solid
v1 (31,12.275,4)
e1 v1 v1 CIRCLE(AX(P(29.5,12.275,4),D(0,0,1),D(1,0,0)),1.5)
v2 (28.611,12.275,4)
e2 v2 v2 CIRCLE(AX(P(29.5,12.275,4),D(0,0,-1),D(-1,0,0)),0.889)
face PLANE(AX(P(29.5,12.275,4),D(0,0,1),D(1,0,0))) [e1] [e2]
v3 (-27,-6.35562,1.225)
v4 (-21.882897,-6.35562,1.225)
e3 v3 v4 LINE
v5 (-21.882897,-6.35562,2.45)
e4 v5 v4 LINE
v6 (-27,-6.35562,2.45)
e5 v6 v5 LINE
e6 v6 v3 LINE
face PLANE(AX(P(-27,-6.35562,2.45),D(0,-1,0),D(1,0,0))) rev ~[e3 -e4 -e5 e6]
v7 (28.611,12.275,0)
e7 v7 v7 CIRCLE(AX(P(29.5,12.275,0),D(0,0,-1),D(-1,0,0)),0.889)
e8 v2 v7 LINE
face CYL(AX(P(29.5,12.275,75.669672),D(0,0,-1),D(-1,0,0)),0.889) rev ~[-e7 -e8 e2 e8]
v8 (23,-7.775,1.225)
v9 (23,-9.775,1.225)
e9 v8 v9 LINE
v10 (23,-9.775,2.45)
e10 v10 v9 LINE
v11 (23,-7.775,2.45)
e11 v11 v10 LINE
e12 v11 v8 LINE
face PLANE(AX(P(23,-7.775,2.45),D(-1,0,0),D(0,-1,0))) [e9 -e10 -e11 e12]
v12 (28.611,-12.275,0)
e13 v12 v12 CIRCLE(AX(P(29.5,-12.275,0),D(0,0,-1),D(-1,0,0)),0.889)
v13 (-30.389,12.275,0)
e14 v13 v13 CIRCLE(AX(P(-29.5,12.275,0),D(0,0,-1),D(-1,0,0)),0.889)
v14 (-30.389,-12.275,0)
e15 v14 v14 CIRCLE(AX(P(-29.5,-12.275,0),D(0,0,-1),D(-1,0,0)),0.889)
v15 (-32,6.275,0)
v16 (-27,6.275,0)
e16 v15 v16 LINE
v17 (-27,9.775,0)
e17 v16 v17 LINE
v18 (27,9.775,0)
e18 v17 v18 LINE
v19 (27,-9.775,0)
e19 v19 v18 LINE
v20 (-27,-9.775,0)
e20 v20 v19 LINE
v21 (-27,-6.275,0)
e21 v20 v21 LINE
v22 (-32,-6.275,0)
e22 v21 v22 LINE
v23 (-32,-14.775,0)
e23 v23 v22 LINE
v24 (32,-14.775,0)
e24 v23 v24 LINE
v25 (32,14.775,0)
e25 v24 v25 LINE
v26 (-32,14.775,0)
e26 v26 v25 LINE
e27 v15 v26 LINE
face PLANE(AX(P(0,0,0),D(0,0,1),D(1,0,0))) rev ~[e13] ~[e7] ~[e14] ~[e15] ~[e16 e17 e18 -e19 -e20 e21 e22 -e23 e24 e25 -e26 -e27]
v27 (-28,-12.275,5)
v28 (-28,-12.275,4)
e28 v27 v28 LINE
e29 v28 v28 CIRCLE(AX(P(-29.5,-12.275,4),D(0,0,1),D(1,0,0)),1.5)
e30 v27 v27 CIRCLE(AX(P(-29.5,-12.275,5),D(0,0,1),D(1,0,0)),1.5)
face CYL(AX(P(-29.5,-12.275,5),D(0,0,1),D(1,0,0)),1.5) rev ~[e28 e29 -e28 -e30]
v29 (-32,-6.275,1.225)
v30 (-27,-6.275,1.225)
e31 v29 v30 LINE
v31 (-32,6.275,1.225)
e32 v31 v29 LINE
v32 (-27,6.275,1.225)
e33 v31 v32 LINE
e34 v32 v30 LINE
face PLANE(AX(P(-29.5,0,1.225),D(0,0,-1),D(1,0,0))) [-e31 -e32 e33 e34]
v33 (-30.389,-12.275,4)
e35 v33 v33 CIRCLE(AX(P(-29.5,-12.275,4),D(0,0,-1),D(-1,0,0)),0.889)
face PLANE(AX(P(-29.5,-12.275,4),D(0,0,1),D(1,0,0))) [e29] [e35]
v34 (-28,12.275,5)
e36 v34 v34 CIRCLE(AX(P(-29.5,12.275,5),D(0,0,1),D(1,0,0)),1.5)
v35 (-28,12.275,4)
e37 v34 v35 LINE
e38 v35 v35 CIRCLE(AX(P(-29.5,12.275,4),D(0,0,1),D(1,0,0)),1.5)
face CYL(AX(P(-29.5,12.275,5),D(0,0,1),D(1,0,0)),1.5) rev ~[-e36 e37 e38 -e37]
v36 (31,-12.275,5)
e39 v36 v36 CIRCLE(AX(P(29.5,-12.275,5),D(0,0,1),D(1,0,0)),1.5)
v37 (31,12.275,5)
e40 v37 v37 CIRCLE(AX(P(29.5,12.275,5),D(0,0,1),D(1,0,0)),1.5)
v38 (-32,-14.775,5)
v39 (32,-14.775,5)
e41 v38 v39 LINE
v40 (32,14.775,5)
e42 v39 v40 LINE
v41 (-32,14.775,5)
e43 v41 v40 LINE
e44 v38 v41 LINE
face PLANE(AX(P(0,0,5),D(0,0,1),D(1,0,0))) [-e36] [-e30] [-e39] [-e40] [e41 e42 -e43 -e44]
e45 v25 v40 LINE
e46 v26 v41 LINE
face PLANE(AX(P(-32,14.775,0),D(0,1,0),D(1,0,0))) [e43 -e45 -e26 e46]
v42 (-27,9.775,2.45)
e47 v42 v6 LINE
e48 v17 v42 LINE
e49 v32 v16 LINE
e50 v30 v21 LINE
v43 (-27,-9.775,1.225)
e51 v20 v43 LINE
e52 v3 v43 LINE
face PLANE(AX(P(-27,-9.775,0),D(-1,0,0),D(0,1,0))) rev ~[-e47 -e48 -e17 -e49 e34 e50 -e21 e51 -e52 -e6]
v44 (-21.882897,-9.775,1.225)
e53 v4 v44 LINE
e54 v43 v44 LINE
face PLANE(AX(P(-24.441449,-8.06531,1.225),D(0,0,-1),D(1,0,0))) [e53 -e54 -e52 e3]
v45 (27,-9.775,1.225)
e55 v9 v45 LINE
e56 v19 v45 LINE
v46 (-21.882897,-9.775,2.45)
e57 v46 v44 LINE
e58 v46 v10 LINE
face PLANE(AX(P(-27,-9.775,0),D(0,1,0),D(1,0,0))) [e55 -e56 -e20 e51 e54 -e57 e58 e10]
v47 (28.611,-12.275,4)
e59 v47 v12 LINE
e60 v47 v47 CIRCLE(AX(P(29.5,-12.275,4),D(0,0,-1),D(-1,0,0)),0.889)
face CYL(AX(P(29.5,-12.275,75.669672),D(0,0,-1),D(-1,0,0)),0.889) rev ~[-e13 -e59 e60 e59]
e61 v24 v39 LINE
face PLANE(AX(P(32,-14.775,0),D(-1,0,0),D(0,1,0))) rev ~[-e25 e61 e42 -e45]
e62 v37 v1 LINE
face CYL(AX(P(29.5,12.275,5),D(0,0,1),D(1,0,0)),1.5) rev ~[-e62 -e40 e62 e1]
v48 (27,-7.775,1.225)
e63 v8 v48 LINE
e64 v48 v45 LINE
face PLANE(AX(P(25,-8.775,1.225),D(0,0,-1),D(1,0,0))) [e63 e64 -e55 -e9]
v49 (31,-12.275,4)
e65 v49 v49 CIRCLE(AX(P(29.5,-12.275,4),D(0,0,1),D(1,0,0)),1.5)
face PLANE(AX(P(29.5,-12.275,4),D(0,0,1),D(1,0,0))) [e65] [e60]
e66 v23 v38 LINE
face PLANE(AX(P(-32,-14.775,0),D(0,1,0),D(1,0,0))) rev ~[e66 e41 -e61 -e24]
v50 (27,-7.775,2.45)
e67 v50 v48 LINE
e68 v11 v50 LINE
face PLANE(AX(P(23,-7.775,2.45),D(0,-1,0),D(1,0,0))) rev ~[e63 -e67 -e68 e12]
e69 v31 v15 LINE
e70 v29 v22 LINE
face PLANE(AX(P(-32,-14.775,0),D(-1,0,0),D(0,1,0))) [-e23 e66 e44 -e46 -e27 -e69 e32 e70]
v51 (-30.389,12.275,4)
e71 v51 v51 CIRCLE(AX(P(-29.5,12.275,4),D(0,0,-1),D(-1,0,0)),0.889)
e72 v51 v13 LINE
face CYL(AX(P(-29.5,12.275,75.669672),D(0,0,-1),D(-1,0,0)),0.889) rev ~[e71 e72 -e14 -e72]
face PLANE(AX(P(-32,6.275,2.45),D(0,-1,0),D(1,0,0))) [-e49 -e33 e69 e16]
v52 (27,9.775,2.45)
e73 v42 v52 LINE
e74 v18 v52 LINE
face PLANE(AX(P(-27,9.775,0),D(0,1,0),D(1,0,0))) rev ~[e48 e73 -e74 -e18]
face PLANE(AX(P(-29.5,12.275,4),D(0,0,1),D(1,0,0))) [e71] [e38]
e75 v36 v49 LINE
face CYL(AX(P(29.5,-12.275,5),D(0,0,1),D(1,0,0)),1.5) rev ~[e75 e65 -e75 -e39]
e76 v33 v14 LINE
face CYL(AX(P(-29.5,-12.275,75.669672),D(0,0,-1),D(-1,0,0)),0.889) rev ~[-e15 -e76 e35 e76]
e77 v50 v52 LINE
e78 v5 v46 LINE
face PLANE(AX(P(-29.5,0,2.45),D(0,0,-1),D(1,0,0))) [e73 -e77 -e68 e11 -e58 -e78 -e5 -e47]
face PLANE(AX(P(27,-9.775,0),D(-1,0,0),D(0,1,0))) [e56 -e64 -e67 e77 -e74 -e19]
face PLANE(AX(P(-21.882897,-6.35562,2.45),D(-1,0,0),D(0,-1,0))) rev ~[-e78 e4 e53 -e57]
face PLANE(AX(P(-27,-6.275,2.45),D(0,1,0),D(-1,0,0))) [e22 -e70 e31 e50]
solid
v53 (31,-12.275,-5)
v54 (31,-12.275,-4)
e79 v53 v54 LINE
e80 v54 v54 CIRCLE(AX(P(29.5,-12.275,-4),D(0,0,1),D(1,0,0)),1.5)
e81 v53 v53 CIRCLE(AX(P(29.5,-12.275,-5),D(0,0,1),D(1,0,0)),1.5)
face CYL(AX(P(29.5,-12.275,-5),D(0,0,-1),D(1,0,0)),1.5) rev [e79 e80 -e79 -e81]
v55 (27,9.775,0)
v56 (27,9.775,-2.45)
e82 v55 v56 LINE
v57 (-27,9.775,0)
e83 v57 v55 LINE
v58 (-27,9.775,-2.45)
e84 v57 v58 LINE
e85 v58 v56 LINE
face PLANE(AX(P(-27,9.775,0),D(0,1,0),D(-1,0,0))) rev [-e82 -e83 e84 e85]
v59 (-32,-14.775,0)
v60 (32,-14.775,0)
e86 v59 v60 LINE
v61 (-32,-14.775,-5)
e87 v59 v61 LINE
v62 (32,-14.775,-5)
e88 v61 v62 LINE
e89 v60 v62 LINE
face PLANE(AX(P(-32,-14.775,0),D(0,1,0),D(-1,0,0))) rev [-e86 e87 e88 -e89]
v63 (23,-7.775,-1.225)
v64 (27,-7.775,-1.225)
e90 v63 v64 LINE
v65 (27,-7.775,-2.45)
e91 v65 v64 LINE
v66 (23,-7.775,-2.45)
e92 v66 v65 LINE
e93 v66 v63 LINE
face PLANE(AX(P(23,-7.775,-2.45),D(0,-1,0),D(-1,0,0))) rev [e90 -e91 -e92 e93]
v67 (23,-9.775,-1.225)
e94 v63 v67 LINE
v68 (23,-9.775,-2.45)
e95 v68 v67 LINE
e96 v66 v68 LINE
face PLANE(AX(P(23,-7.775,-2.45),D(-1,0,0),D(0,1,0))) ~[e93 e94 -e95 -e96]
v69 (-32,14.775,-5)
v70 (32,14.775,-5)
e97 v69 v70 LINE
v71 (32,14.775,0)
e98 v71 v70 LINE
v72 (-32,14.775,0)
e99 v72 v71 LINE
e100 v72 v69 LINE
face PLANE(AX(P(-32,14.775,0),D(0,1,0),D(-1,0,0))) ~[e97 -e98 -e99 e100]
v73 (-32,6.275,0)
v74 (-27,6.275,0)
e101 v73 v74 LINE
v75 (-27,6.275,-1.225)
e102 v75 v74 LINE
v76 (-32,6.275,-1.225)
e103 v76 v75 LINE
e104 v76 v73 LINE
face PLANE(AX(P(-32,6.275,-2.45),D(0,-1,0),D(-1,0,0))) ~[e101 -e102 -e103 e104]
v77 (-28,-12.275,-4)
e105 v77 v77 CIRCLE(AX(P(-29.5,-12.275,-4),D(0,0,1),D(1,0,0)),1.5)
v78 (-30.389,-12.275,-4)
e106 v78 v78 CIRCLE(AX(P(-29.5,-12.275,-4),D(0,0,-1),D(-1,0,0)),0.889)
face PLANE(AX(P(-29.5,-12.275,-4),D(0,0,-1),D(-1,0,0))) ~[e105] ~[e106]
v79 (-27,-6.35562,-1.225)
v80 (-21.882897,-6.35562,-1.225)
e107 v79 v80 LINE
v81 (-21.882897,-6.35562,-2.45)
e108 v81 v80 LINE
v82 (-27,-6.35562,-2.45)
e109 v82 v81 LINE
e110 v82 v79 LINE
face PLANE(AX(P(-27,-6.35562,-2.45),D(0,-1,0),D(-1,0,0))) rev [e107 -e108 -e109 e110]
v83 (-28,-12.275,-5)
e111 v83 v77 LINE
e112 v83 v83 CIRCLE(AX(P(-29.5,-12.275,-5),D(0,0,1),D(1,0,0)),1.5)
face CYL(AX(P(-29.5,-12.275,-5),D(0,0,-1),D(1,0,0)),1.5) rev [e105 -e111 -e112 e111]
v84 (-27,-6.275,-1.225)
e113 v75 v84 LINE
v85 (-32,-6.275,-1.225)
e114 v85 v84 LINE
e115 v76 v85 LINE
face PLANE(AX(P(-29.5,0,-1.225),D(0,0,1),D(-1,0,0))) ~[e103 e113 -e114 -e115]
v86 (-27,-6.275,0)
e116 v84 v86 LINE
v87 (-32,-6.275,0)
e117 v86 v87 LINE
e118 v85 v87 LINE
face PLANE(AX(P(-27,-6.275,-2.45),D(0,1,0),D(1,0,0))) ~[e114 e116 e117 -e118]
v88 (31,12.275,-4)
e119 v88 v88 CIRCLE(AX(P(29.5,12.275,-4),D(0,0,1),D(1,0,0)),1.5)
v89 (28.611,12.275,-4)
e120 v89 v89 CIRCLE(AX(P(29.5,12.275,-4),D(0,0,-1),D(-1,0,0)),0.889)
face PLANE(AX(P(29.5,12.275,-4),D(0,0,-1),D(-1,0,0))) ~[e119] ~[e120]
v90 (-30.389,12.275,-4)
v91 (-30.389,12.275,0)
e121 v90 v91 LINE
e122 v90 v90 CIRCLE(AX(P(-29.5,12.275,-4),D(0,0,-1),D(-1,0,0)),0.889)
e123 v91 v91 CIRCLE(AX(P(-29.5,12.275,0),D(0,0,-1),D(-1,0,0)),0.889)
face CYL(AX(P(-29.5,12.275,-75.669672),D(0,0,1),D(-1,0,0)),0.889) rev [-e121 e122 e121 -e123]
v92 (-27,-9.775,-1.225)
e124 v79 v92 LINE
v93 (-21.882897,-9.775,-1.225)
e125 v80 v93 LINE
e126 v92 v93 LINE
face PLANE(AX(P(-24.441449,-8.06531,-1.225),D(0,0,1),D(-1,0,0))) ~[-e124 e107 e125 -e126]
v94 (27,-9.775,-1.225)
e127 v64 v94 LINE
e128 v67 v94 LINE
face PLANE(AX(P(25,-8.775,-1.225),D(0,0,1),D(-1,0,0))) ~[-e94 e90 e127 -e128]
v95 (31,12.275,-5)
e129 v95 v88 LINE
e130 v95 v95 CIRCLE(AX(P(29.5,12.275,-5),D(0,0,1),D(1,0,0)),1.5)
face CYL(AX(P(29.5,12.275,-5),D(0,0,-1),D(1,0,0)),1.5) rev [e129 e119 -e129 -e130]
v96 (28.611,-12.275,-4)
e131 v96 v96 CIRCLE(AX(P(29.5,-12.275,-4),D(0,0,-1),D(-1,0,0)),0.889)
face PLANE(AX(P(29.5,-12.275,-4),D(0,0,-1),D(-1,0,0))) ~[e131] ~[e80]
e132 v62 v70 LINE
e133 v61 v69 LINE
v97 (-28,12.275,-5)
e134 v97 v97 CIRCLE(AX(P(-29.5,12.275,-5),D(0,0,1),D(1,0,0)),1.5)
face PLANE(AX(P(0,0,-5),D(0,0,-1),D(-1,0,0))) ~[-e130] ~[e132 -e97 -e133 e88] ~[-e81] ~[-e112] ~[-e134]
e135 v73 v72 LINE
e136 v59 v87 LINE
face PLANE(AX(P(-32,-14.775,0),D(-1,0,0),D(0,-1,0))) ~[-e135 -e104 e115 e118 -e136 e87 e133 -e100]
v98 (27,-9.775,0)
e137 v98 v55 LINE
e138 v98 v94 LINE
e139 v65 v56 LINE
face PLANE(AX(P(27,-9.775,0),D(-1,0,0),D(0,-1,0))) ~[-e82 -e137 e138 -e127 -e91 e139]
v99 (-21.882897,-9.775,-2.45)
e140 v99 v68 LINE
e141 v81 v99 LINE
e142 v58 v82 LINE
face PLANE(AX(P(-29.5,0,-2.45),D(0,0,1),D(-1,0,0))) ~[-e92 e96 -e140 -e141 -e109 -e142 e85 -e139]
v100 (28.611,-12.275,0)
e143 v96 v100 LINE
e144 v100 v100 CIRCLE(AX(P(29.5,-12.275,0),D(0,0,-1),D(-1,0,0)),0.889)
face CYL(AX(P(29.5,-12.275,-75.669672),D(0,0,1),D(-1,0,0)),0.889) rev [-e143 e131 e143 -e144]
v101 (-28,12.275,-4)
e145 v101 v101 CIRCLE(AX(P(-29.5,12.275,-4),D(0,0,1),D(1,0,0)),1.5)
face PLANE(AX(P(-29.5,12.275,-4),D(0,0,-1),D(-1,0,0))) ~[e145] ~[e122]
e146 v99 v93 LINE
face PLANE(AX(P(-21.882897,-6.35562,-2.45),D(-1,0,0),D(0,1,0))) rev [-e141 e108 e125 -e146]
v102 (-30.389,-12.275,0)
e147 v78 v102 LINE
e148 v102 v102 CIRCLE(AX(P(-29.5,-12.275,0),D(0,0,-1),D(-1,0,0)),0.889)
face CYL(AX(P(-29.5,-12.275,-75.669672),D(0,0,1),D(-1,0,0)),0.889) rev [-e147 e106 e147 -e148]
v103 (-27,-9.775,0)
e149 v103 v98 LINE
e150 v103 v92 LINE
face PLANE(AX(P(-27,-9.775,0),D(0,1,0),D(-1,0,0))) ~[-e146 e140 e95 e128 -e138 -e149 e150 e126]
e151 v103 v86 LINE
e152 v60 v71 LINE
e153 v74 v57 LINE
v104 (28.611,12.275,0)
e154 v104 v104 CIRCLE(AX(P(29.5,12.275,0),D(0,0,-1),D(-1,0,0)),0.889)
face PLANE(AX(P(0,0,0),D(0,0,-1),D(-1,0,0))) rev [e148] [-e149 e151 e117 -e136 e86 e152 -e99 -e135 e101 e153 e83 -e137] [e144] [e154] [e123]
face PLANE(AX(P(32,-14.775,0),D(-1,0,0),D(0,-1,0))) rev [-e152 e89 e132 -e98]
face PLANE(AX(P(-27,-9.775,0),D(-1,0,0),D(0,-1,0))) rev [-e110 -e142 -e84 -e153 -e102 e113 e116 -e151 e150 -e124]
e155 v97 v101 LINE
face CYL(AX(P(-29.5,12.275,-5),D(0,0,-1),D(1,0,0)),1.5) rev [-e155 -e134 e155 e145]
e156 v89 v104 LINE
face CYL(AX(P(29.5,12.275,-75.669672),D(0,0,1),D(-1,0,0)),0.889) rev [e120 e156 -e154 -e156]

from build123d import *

# Parameters (mm, degrees)
F1_W      = 64
F1_H      = 29.55
F2_DEPTH  = 5
F0_W      = 54
F0_H      = 19.55
F3_DEPTH  = 2.45
F5_DEPTH  = 2.451
F6_R      = 1.5
F7_DEPTH  = 1
F8_D      = 1.778
F9_W      = 5.1171027571
F9_H      = 3.4193800107
F9_W_2    = 5
F9_H_2    = 12.55
F9_W_3    = 4
F9_H_3    = 2
F10_DEPTH = 1.225


with BuildPart() as f2:
    # F1 (on Top) → F2 (new body)
    with BuildSketch(Plane.XY):
        Rectangle(F1_W, F1_H)
    extrude(amount=F2_DEPTH)

    # F0 (on Top) → F3 (cut, through all)
    with BuildSketch(Plane.XY):
        Rectangle(F0_W, F0_H)
    extrude(amount=F3_DEPTH, mode=Mode.SUBTRACT)

    # F4 (on face) → F5 (cut, through all)
    with BuildSketch(Plane(origin=(0, 0, 2.45), x_dir=(1, 0, 0), z_dir=(0, 0, -1))):
        Polygon((-27, 6.275), (-32, 6.275), (-32, 0), (-32, -6.275), (-27, -6.275), align=None)
    extrude(amount=F5_DEPTH, mode=Mode.SUBTRACT)

    # F6 (on face) → F7 (cut)
    with BuildSketch(Plane.XY.offset(5)):
        with Locations((-29.5, -12.275)):
            Circle(F6_R)
        with Locations((-29.5, 12.275)):
            Circle(F6_R)
        with Locations((29.5, 12.275)):
            Circle(F6_R)
        with Locations((29.5, -12.275)):
            Circle(F6_R)
    extrude(amount=-F7_DEPTH, mode=Mode.SUBTRACT)

    # F8 (through all)
    with Locations(Plane.XY.offset(5)):
        with Locations((-29.5, 12.275), (-29.5, -12.275), (29.5, 12.275), (29.5, -12.275)):
            Hole(F8_D / 2)

    # F9 (on face) → F10 (join, through all)
    with BuildSketch(Plane(origin=(0, 0, 2.45), x_dir=(1, 0, 0), z_dir=(0, 0, -1))):
        with Locations((-24.4414486215, 8.0653099947)):
            Rectangle(F9_W, F9_H)
        with Locations((-29.5, 0)):
            Rectangle(F9_W_2, F9_H_2)
        with Locations((25, 8.775)):
            Rectangle(F9_W_3, F9_H_3)
    extrude(amount=F10_DEPTH)


with BuildPart() as f11_1:
    # F11: instance of F2
    add(f2.part.mirror(Plane.XY))


solid = Compound([f2.part, f11_1.part])
